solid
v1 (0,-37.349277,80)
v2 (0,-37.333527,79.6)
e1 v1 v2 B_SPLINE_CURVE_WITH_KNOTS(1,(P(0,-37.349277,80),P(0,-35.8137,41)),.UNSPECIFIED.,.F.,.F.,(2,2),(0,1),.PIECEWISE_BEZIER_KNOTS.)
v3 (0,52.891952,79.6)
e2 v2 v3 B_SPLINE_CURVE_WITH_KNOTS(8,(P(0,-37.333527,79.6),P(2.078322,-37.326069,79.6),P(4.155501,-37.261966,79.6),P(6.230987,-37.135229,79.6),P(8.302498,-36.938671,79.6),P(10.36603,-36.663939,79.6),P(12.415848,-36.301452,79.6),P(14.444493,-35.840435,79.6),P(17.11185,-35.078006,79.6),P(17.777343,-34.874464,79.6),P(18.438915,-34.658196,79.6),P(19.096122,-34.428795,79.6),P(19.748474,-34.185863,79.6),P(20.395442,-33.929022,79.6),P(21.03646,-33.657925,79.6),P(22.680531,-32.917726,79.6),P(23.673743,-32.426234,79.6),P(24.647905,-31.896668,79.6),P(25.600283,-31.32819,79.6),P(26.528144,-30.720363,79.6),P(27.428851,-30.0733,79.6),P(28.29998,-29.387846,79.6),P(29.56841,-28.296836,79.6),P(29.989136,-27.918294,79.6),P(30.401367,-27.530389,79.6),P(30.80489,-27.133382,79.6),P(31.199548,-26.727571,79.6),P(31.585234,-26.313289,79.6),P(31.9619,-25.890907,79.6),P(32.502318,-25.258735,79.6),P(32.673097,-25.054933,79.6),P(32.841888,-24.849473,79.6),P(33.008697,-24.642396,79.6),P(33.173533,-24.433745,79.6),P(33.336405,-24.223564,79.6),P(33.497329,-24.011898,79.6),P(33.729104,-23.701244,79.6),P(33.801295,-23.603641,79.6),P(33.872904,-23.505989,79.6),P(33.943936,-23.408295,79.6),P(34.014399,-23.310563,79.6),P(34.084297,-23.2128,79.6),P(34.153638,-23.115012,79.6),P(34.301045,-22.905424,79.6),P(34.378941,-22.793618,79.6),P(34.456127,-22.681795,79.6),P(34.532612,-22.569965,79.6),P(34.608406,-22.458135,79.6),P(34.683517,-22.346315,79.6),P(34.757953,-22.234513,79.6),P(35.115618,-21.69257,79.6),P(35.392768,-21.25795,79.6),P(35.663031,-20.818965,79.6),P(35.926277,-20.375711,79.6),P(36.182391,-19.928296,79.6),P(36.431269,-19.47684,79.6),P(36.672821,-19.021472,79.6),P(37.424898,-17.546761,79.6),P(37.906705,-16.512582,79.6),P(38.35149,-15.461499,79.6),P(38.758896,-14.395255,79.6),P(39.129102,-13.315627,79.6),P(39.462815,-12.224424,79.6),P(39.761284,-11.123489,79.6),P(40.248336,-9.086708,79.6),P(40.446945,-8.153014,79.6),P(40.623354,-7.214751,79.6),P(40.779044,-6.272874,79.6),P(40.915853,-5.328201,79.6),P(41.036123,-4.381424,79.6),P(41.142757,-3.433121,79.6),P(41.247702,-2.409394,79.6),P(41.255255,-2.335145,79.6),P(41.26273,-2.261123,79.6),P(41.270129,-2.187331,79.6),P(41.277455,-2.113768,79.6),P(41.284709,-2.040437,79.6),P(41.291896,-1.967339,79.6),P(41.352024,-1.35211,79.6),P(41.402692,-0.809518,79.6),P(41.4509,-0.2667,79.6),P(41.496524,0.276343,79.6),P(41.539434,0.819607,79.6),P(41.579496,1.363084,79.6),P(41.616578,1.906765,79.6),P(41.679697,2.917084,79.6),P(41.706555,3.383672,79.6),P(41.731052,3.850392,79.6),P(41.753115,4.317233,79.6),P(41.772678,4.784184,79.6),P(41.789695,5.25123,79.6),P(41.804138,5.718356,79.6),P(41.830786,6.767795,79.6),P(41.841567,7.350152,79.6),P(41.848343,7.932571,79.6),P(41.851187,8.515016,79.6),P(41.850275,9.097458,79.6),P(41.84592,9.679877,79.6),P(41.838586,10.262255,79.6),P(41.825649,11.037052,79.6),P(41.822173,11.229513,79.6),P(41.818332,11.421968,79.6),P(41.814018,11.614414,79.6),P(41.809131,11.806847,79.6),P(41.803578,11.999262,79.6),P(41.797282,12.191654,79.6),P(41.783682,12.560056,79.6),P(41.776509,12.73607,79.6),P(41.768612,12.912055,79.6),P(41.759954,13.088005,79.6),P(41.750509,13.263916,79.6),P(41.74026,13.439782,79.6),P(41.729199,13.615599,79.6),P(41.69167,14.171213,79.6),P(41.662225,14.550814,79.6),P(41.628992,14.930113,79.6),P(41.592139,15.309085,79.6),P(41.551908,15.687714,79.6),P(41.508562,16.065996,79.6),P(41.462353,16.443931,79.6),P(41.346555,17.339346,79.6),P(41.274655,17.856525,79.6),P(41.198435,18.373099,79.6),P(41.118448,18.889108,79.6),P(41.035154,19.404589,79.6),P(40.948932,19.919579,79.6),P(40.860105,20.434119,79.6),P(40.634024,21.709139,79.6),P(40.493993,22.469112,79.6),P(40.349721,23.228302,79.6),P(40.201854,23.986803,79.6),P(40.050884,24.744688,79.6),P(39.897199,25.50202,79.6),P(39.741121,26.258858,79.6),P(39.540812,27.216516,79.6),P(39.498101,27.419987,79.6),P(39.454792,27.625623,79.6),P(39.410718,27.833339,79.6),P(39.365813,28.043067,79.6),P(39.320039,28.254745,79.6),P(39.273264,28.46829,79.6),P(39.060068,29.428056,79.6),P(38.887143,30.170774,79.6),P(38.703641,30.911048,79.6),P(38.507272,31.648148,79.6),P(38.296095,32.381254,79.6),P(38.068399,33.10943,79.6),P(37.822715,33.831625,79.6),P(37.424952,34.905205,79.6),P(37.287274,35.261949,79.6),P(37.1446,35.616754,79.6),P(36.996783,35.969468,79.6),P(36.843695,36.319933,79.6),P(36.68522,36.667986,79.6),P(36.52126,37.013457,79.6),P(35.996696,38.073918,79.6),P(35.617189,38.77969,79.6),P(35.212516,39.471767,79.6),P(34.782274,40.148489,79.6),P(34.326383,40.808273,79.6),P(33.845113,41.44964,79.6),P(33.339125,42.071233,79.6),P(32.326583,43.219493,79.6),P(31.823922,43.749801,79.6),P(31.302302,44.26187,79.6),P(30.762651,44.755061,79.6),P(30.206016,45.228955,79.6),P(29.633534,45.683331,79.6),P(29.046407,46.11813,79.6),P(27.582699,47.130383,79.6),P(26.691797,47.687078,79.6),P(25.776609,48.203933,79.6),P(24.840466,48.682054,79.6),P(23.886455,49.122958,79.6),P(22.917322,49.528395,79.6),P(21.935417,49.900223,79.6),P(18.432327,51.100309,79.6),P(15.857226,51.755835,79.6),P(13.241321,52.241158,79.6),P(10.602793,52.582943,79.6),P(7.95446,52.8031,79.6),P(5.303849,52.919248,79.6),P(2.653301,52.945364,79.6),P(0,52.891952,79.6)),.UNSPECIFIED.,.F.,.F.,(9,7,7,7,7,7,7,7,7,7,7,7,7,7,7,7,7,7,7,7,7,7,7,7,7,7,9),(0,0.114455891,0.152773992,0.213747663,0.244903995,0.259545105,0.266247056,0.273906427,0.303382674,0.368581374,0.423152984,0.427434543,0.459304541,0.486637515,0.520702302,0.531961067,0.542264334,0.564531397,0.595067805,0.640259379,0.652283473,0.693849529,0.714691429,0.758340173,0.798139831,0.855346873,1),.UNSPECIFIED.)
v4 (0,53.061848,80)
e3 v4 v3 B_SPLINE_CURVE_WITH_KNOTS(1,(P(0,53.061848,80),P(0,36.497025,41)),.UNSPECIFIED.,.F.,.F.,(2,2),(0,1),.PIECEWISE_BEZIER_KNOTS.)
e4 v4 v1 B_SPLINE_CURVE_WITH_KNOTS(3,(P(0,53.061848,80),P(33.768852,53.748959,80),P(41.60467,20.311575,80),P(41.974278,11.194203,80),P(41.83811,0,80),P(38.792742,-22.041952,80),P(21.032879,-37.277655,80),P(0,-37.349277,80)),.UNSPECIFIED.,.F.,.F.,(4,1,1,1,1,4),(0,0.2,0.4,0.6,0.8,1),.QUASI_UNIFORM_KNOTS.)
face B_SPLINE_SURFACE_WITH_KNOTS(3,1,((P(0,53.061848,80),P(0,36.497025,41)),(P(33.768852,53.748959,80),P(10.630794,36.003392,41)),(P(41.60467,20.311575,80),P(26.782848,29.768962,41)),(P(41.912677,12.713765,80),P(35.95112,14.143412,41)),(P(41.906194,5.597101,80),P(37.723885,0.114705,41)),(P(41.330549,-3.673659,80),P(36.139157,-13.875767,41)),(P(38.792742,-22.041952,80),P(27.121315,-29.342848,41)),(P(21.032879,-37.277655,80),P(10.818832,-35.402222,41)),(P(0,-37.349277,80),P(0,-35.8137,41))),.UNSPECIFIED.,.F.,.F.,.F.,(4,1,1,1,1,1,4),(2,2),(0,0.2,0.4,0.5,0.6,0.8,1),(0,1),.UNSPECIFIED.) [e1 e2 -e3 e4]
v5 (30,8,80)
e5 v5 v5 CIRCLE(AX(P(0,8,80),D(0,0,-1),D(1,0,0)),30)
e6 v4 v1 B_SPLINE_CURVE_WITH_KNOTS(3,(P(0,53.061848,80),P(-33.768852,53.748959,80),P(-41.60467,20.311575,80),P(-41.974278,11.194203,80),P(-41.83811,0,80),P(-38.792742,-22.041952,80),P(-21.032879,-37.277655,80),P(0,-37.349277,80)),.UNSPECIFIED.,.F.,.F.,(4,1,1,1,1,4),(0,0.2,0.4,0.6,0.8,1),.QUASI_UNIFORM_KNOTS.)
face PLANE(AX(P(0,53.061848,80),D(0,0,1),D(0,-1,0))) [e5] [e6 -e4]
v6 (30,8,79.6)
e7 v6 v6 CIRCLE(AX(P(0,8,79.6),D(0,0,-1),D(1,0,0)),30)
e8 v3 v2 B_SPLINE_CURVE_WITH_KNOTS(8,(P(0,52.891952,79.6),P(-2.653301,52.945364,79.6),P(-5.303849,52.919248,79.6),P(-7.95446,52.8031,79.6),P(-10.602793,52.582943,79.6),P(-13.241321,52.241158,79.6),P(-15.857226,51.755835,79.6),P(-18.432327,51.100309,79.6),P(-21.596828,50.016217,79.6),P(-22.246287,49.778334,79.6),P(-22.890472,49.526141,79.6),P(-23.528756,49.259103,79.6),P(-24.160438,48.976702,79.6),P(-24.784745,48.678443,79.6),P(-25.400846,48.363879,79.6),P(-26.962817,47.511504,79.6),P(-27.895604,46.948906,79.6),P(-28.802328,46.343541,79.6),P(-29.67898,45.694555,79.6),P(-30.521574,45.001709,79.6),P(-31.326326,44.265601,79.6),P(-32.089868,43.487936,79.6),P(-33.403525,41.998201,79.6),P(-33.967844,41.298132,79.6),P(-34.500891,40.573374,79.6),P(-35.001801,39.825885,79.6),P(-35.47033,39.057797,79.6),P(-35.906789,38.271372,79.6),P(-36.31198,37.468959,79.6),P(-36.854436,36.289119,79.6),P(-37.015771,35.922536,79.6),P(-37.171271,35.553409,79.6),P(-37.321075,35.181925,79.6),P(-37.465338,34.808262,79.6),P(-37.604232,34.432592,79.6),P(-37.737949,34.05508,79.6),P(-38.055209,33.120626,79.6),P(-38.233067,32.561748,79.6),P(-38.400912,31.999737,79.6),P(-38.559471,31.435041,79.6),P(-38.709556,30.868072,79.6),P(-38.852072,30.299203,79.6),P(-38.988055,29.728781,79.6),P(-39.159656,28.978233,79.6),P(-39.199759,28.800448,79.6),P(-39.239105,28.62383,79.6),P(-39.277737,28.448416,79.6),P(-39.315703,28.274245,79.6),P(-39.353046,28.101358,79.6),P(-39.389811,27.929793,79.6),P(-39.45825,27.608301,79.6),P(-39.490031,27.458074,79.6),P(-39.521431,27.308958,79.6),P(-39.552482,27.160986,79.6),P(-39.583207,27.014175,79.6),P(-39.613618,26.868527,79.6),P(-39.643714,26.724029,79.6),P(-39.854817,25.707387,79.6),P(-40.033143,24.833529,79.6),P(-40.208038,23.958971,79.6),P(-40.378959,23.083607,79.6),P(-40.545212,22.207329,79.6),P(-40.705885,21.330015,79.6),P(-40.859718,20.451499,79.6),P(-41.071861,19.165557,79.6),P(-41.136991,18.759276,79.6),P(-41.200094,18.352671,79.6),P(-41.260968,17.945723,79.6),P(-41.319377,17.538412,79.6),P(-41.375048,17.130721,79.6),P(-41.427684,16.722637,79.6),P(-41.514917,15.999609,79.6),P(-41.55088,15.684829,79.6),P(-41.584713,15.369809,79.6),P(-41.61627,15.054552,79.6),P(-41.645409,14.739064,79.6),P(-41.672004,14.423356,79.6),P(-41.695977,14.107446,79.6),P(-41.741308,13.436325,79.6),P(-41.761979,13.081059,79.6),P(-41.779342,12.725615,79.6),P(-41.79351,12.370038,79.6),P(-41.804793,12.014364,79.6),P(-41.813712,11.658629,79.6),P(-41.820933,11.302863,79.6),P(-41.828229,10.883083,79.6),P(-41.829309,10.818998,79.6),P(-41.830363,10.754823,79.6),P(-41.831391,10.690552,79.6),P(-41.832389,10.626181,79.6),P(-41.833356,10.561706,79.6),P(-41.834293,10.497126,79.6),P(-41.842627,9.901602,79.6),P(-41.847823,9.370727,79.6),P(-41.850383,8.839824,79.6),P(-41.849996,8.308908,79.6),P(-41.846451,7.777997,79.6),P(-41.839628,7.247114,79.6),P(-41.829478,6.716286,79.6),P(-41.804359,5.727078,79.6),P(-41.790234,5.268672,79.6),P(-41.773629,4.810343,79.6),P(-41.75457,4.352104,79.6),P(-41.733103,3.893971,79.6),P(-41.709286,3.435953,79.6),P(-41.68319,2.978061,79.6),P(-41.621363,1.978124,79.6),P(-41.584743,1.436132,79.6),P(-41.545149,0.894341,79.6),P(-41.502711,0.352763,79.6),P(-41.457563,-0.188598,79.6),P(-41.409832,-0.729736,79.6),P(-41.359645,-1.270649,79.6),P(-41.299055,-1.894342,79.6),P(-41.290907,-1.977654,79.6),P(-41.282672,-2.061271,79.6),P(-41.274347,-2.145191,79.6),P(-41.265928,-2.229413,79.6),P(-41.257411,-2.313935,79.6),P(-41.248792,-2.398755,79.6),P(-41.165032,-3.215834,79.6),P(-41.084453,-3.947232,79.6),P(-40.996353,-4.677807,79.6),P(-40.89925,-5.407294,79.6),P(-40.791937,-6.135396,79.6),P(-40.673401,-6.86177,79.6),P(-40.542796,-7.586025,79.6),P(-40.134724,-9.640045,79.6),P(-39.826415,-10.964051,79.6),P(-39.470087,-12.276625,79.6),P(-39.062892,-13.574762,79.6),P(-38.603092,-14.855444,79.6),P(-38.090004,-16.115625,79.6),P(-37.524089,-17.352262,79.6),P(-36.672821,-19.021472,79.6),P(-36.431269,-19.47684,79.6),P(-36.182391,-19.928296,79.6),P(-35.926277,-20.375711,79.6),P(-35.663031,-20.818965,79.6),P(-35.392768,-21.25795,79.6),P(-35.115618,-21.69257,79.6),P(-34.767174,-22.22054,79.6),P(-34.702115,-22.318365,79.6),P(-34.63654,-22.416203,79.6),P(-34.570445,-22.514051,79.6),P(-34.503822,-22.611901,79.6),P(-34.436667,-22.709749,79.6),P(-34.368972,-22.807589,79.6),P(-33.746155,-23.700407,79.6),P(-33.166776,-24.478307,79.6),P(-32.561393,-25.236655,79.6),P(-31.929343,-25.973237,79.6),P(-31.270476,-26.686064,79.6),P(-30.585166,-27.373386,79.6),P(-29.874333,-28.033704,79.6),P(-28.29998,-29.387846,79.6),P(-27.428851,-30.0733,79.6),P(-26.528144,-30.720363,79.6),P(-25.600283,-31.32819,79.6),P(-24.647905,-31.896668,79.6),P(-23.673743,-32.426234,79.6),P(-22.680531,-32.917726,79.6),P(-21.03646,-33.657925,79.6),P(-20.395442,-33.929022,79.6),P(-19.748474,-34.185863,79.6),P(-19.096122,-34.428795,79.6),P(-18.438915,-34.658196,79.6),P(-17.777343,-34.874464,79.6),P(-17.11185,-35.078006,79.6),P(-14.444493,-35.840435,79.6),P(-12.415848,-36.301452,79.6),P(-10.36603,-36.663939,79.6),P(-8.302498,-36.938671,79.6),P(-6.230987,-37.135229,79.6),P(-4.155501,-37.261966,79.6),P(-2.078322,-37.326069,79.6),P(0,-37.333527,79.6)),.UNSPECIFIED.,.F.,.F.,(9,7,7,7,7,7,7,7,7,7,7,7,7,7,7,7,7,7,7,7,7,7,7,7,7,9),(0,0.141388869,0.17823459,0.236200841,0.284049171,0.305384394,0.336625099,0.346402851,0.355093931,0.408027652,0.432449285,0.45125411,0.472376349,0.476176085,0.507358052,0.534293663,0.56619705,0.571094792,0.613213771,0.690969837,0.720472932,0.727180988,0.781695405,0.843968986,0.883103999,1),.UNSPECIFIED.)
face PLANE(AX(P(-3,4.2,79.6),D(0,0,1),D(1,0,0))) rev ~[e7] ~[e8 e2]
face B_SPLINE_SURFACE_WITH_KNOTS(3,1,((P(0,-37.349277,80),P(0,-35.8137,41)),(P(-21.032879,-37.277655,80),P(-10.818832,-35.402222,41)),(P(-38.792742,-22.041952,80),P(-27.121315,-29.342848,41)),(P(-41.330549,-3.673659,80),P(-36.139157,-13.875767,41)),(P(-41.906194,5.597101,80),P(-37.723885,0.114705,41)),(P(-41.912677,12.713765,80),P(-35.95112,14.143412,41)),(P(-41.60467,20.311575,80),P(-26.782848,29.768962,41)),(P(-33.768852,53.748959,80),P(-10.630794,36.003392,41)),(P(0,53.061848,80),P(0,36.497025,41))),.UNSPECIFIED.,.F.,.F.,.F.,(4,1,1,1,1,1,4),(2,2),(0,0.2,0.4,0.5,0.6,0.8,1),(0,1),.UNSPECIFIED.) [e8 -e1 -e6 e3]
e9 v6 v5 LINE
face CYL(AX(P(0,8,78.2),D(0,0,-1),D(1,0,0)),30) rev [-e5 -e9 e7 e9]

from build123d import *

# Parameters (mm, degrees)
CYLINDER_R     = 30
CYLINDER_DEPTH = 10
BOX001_W       = 100
BOX001_H       = 100
BOX001_DEPTH   = 0.4


with BuildPart() as cylinder:
    # Cylinder → Cylinder (new body)
    with BuildSketch(Plane(origin=(0, 8, 78.2), x_dir=(1, 0, 0), z_dir=(0, 0, 1))):
        Circle(CYLINDER_R)
    extrude(amount=CYLINDER_DEPTH)


with BuildPart() as cube001:
    # Box001 → Box001 (new body)
    with BuildSketch(Plane(origin=(-53, -45.8, 79.6), x_dir=(1, 0, 0), z_dir=(0, 0, 1))):
        with Locations((50, 50)):
            Rectangle(BOX001_W, BOX001_H)
    extrude(amount=BOX001_DEPTH)


with BuildPart() as body005:
    # Sketch013 → AdditiveLoft005 section 0
    with BuildSketch(Plane.XY.offset(41)):
        with BuildLine():
            add(Edge.make_bspline(
                [(0, 36.497025), (26.576986, 35.262943), (47.796365, 0), (27.047079, -34.785005), (0, -35.8137)],
                knots=[0, 0, 0, 0, 0.5, 1, 1, 1, 1], degree=3))
            add(Edge.make_bspline(
                [(0, 36.497025), (-26.576986, 35.262943), (-47.796365, 0), (-27.047079, -34.785005), (0, -35.8137)],
                knots=[0, 0, 0, 0, 0.5, 1, 1, 1, 1], degree=3))
        make_face()
    # Sketch012 → AdditiveLoft005 section 1
    with BuildSketch(Plane.XY):
        with BuildLine():
            add(Edge.make_bspline(
                [(0, 32.9051), (28.479158, 34.285235), (40.246082, 0), (29.153858, -32.29409), (0, -31.3846)],
                knots=[0, 0, 0, 0, 0.5, 1, 1, 1, 1], degree=3))
            add(Edge.make_bspline(
                [(0, 32.9051), (-28.479158, 34.285235), (-40.246082, 0), (-29.153858, -32.29409), (0, -31.3846)],
                knots=[0, 0, 0, 0, 0.5, 1, 1, 1, 1], degree=3))
        make_face()
    loft(ruled=True)


with BuildPart() as cut:
    # Sketch011 → AdditiveLoft004 section 0
    with BuildSketch(Plane.XY.offset(80)):
        with BuildLine():
            add(Edge.make_bspline(
                [(0, 53.061848), (33.768852, 53.748959), (41.60467, 20.311575), (41.974278, 11.194203), (41.83811, 0), (38.792742, -22.041952), (21.032879, -37.277655), (0, -37.349277)],
                knots=[0, 0, 0, 0, 0.2, 0.4, 0.6, 0.8, 1, 1, 1, 1], degree=3))
            add(Edge.make_bspline(
                [(0, 53.061848), (-33.768852, 53.748959), (-41.60467, 20.311575), (-41.974278, 11.194203), (-41.83811, 0), (-38.792742, -22.041952), (-21.032879, -37.277655), (0, -37.349277)],
                knots=[0, 0, 0, 0, 0.2, 0.4, 0.6, 0.8, 1, 1, 1, 1], degree=3))
        make_face()
    # Sketch010 → AdditiveLoft004 section 1
    with BuildSketch(Plane.XY.offset(41)):
        with BuildLine():
            add(Edge.make_bspline(
                [(0, 36.497025), (26.576986, 35.262943), (47.796365, 0), (27.047079, -34.785005), (0, -35.8137)],
                knots=[0, 0, 0, 0, 0.5, 1, 1, 1, 1], degree=3))
            add(Edge.make_bspline(
                [(0, 36.497025), (-26.576986, 35.262943), (-47.796365, 0), (-27.047079, -34.785005), (0, -35.8137)],
                knots=[0, 0, 0, 0, 0.5, 1, 1, 1, 1], degree=3))
        make_face()
    loft(ruled=True)

    # Fusion003: union Body005
    add(body005.part)

    # Common001: intersect Cube001
    add(cube001.part, mode=Mode.INTERSECT)

    # Cut: cut Cylinder
    add(cylinder.part, mode=Mode.SUBTRACT)


solid = cut.part
